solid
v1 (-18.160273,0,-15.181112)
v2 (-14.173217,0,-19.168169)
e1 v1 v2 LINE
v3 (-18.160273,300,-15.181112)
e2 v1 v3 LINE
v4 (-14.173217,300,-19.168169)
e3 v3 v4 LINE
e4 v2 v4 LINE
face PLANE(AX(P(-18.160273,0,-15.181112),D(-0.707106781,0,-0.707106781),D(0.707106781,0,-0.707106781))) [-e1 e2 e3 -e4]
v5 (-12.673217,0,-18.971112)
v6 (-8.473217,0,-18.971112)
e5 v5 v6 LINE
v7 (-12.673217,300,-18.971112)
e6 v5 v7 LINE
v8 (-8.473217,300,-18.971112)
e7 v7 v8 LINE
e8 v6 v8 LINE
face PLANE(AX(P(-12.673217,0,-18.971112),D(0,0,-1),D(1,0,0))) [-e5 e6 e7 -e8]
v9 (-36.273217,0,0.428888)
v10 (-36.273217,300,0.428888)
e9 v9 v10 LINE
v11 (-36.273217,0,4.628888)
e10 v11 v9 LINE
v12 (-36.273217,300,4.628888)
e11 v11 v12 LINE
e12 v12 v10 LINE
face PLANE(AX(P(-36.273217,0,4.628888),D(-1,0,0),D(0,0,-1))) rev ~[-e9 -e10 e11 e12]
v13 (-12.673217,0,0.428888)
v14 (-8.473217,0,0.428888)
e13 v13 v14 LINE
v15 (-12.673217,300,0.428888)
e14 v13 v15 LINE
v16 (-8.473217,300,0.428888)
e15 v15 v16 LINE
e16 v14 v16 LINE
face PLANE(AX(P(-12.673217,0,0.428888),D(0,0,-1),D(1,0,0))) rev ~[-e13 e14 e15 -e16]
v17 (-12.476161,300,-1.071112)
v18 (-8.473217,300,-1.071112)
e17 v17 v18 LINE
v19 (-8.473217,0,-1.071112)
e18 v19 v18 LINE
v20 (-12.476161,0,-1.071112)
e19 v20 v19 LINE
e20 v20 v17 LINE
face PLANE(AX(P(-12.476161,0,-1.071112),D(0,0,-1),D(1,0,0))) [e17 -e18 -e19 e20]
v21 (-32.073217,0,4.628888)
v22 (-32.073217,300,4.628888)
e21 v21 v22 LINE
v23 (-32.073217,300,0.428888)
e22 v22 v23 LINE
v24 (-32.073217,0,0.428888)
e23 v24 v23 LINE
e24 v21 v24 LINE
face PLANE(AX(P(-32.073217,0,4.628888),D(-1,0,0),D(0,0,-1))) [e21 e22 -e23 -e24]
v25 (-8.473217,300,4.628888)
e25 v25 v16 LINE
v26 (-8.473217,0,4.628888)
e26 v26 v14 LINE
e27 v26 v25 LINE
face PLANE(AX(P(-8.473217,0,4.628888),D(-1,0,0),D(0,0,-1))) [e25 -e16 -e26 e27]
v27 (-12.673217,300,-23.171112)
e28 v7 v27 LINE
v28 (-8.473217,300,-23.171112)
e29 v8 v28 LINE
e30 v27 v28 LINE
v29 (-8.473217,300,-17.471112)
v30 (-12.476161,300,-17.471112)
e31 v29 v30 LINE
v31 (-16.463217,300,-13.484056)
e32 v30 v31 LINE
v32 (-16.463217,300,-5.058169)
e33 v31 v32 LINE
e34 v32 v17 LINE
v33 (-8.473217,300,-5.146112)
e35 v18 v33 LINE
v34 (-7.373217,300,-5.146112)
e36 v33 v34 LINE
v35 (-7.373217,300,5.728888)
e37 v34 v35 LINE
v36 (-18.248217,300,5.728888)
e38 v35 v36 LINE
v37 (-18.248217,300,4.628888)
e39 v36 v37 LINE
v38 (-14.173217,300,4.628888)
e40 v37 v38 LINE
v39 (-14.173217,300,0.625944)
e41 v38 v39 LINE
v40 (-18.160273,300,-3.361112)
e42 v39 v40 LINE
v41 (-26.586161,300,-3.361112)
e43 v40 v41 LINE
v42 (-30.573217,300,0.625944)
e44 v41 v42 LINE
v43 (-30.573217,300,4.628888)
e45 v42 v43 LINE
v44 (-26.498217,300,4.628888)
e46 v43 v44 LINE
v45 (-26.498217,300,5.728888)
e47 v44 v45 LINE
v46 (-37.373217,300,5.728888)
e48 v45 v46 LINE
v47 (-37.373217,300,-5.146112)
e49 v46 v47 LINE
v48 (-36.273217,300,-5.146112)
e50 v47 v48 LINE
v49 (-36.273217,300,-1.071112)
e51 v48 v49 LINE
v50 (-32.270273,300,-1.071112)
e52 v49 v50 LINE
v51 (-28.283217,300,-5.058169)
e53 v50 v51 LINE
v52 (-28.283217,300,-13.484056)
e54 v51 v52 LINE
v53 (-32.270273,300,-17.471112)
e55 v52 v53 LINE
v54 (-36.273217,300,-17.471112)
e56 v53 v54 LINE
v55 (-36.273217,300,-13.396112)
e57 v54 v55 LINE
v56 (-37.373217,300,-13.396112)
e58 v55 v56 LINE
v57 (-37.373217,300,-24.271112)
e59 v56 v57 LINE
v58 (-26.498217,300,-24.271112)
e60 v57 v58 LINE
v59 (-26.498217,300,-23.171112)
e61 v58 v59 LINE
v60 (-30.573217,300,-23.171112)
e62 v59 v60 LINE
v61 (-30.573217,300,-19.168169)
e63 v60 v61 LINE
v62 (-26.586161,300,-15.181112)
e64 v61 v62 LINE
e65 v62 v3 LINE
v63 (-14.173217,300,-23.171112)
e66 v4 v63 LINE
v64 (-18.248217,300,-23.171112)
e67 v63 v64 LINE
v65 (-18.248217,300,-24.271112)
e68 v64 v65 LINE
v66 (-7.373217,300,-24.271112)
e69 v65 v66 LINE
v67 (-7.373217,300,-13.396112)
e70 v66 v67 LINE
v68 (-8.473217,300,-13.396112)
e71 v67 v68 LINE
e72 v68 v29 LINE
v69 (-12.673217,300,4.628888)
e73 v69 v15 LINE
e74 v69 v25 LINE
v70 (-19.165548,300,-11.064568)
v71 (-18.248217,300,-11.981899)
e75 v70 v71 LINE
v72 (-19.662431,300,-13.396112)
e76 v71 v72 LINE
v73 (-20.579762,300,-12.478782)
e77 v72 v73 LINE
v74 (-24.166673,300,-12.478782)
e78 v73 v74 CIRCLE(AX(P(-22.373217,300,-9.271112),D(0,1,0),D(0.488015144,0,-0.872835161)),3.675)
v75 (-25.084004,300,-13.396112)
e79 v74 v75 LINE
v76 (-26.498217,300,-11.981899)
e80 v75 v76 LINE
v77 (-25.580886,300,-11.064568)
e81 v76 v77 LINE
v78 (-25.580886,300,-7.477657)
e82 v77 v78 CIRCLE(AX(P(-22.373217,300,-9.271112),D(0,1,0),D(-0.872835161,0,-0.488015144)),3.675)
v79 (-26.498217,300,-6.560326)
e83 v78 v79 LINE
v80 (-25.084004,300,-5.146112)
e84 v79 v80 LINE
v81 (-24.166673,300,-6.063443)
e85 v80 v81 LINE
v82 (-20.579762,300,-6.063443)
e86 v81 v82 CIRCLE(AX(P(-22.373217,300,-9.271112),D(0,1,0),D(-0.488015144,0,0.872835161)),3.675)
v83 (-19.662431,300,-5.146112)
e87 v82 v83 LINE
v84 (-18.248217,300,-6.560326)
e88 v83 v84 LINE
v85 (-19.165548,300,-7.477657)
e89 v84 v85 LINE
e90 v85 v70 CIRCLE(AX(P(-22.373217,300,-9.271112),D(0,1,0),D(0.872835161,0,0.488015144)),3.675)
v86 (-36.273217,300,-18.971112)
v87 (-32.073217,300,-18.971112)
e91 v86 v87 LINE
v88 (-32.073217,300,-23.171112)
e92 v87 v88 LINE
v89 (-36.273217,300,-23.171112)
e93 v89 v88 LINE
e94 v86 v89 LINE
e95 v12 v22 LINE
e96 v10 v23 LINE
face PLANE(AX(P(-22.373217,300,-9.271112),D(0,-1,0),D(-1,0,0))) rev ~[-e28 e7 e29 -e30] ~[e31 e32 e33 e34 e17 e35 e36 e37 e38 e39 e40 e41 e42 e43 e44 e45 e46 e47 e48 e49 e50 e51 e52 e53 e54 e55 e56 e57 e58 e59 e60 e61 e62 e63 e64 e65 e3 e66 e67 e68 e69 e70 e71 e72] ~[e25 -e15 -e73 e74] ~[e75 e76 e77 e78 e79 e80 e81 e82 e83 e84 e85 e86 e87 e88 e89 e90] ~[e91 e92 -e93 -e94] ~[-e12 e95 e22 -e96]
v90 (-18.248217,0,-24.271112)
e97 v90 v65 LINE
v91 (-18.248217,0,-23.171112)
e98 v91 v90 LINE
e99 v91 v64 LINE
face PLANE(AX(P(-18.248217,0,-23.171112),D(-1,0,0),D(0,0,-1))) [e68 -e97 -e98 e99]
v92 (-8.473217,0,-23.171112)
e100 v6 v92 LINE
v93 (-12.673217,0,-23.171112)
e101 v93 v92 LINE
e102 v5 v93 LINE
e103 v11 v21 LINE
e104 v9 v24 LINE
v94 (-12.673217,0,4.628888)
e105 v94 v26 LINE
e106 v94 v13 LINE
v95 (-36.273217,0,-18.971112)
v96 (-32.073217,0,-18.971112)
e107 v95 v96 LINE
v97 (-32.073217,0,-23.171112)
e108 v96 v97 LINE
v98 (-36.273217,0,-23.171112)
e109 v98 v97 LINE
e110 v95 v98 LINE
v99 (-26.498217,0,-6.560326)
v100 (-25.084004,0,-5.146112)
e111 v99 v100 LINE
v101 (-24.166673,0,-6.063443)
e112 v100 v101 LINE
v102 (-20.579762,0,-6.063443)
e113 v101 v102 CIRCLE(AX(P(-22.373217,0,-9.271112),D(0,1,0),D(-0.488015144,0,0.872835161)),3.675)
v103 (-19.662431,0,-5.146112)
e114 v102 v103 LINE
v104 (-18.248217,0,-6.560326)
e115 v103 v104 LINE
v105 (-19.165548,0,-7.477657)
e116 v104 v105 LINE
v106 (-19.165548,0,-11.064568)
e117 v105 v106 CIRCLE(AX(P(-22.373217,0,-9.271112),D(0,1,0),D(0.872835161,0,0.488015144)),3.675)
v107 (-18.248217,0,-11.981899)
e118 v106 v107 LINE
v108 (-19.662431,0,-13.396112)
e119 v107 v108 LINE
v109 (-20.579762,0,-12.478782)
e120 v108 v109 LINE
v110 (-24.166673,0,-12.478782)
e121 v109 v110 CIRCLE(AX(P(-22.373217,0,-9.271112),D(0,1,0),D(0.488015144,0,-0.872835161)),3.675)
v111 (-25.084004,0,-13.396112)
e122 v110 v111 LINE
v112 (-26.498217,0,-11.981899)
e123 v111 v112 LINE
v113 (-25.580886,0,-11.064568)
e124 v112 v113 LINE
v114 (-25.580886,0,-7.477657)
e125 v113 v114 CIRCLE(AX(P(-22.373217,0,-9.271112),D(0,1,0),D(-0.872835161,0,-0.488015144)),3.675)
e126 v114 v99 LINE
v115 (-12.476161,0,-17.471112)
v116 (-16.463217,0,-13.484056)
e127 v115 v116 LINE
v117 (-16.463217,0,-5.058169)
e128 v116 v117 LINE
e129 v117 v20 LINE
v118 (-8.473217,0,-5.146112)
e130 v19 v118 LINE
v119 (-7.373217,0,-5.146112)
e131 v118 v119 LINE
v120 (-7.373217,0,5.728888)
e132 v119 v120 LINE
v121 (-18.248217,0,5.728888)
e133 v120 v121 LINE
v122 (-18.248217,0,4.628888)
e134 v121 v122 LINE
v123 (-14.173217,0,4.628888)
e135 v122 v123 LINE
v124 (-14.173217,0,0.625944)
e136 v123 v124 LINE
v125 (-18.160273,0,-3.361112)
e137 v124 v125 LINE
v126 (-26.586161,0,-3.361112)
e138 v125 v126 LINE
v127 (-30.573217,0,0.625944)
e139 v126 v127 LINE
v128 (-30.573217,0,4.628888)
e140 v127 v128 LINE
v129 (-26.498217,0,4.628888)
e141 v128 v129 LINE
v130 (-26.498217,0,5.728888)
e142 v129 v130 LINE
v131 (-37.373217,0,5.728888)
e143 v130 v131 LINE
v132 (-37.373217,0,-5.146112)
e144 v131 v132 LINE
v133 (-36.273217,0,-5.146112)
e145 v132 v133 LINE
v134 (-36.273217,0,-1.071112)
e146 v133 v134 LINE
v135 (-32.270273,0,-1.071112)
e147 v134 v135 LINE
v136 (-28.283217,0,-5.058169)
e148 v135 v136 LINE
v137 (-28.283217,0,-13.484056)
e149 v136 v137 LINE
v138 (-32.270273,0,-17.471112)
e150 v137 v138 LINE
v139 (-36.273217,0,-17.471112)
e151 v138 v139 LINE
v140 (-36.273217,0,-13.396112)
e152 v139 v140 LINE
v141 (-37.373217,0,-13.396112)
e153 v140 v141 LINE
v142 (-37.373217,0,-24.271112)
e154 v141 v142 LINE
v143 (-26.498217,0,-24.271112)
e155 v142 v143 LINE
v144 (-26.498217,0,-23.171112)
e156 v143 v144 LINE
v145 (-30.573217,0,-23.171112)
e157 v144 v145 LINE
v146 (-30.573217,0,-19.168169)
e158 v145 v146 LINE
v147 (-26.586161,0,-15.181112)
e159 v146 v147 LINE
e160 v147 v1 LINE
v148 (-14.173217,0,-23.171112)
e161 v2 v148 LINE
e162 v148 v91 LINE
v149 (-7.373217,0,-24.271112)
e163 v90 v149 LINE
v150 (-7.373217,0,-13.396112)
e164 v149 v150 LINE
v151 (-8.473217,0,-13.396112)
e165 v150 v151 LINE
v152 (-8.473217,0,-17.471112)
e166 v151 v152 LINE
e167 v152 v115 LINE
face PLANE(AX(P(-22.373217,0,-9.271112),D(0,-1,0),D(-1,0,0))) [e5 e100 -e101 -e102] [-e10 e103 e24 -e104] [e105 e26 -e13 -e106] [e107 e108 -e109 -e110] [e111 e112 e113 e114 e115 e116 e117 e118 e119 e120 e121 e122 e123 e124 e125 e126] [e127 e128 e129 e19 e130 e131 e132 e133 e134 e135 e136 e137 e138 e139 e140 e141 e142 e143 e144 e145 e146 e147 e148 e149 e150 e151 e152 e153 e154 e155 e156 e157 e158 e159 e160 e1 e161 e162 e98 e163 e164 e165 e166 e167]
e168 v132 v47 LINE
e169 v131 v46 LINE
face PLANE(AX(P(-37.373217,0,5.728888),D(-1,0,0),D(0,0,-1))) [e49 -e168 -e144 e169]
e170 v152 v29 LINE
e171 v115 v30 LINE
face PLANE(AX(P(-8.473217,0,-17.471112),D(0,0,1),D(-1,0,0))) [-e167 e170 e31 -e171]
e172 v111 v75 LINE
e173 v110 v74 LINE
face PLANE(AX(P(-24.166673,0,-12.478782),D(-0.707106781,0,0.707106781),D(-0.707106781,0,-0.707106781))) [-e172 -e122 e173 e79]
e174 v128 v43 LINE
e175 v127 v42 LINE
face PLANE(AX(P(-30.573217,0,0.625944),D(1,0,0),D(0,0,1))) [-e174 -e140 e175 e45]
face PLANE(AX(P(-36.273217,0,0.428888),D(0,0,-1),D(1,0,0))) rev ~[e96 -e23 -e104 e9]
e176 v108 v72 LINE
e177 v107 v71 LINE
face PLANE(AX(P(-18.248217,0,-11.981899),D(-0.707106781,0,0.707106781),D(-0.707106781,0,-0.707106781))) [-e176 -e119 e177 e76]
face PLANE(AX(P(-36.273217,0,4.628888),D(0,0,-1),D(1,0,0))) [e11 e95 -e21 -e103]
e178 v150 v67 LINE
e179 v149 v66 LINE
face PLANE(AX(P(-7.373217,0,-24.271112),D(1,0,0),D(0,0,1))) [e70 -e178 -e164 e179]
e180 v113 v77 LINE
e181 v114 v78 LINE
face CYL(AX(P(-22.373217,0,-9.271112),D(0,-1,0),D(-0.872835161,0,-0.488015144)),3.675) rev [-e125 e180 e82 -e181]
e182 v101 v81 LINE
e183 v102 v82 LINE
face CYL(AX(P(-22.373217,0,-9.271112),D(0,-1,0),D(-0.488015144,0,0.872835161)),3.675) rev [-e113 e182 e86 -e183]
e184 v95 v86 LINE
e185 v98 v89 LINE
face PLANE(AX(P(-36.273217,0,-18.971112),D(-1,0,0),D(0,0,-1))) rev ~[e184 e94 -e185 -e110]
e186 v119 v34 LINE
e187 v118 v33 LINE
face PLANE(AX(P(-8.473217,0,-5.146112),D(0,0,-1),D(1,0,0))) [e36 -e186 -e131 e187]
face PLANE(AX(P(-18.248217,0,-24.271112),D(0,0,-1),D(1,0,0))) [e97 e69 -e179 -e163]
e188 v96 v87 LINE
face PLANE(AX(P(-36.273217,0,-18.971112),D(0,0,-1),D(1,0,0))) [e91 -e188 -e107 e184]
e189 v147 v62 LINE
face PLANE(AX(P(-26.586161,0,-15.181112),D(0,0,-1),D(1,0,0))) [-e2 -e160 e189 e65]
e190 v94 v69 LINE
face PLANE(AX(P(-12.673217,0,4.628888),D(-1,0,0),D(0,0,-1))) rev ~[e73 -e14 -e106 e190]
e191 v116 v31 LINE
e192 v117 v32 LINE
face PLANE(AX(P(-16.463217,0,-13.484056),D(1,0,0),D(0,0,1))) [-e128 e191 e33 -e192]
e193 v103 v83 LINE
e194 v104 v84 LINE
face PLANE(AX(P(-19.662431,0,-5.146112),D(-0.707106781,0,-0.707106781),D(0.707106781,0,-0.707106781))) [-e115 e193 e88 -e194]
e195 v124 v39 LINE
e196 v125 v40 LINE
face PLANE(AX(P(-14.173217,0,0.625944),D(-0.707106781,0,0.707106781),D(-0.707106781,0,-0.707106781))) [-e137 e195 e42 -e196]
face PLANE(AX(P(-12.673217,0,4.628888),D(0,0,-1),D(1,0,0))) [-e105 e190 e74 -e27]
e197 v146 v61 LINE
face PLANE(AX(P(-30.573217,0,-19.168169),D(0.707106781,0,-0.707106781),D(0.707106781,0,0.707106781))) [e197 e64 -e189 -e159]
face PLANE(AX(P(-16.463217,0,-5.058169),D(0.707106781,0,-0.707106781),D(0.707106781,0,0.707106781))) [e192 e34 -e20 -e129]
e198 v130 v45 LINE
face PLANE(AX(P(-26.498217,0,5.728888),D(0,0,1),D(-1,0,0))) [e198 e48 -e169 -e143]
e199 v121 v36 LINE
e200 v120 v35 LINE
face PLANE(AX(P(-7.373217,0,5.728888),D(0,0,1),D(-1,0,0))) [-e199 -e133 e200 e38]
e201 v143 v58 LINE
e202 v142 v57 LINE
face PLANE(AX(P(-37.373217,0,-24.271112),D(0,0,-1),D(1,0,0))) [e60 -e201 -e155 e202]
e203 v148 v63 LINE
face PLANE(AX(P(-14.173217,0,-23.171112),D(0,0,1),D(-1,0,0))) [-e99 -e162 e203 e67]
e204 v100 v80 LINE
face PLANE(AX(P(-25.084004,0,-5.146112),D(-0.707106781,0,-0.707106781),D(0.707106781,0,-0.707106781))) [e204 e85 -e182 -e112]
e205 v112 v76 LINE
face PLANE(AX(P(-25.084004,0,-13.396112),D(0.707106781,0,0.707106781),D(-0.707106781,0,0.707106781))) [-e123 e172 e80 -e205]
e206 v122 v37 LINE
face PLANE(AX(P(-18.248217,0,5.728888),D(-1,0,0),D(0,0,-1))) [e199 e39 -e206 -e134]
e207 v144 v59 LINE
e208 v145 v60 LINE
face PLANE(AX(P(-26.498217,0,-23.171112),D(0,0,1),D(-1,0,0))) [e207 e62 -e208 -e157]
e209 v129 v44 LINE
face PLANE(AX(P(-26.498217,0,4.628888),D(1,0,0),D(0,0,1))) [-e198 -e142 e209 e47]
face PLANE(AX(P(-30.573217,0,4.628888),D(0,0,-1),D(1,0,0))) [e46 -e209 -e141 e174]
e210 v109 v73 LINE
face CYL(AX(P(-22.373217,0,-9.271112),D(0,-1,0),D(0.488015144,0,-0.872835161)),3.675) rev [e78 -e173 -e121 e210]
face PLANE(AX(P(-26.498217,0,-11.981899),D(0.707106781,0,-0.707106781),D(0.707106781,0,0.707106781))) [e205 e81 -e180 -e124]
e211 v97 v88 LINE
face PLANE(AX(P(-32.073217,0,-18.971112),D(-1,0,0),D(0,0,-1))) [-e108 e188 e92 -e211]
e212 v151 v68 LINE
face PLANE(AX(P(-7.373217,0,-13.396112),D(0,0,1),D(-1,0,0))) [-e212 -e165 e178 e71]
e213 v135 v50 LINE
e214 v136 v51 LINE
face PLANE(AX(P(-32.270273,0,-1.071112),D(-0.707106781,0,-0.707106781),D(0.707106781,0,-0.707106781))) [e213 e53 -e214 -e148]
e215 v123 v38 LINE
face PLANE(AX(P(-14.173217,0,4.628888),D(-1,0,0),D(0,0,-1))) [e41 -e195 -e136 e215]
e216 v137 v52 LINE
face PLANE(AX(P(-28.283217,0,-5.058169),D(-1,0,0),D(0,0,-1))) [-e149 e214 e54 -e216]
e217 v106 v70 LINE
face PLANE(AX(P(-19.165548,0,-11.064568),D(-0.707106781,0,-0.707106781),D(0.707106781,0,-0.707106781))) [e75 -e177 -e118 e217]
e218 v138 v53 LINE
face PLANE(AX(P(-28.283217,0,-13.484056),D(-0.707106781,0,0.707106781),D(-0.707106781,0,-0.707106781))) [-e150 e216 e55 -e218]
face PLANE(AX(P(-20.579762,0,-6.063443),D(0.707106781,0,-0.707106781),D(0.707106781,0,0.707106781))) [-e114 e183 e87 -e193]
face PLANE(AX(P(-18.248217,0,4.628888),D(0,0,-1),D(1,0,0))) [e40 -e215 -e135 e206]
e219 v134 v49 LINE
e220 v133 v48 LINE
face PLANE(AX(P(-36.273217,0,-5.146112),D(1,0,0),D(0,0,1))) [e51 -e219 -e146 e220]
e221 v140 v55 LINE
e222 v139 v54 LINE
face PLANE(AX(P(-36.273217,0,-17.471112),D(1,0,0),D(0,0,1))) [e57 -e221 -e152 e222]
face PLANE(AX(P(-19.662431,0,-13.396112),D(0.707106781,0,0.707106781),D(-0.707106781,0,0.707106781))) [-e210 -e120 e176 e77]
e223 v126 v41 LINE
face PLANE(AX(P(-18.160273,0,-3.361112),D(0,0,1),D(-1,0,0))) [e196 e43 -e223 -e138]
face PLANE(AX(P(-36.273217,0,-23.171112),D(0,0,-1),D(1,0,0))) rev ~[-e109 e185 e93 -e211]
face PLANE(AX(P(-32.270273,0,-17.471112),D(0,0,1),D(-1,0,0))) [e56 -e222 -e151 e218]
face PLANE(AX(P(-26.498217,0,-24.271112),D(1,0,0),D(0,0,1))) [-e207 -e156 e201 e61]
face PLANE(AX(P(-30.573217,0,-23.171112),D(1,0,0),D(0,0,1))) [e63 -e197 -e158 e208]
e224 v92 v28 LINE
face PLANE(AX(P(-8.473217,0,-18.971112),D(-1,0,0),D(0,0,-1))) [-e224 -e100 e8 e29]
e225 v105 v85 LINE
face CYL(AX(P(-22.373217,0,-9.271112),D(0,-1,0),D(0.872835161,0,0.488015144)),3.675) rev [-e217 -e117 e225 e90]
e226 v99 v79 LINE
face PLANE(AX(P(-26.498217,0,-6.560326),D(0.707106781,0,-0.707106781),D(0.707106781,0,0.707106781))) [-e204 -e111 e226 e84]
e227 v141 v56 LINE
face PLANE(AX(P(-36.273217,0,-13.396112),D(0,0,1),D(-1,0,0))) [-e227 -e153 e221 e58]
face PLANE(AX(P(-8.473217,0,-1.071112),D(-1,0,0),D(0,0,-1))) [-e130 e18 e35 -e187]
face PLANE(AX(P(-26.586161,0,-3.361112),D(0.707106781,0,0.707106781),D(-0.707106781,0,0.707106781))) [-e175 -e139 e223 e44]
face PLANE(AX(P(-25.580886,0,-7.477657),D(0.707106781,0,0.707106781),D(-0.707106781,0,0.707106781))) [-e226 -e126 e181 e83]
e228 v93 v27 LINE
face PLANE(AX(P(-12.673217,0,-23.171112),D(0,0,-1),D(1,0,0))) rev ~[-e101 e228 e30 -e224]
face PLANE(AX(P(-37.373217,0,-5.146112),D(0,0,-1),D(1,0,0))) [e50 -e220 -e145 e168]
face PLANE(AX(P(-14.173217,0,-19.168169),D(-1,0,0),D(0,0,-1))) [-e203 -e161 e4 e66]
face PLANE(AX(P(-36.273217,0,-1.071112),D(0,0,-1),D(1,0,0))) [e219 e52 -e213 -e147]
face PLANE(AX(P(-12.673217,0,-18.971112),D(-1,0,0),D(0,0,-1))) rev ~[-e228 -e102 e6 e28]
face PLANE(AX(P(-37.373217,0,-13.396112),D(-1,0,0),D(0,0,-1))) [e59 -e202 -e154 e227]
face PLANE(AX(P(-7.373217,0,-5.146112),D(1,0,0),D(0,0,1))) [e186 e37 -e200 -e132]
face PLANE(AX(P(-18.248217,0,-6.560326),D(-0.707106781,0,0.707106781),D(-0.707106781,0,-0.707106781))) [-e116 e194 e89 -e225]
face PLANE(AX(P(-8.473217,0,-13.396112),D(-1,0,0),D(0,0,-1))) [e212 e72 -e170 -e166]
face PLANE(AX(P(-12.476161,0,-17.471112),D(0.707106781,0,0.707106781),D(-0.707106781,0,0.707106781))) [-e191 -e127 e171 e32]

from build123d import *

# Parameters (mm, degrees)
CROQUIS2_W              = 4.2
CROQUIS2_H              = 4.2
SALIENTE_EXTRUIR1_DEPTH = 300


with BuildPart() as part:
    # Croquis2 → Saliente-Extruir1 (new body)
    with BuildSketch(Plane(origin=(0, 0, 0), x_dir=(1, 0, 0), z_dir=(0, 1, 0))):
        Polygon((-37.373217156, 24.271112291), (-26.498217156, 24.271112291), (-26.498217156, 23.171112291), (-30.573217156, 23.171112291), (-30.573217156, 19.168168566), (-26.586160881, 15.181112291), (-18.160273431, 15.181112291), (-14.173217156, 19.168168566), (-14.173217156, 23.171112291), (-18.248217156, 23.171112291), (-18.248217156, 24.271112291), (-7.373217156, 24.271112291), (-7.373217156, 13.396112291), (-8.473217156, 13.396112291), (-8.473217156, 17.471112291), (-12.476160881, 17.471112291), (-16.463217156, 13.484056016), (-16.463217156, 5.058168566), (-12.476160881, 1.071112291), (-8.473217156, 1.071112291), (-8.473217156, 5.146112291), (-7.373217156, 5.146112291), (-7.373217156, -5.728887709), (-18.248217156, -5.728887709), (-18.248217156, -4.628887709), (-14.173217156, -4.628887709), (-14.173217156, -0.625943984), (-18.160273431, 3.361112291), (-26.586160881, 3.361112291), (-30.573217156, -0.625943984), (-30.573217156, -4.628887709), (-26.498217156, -4.628887709), (-26.498217156, -5.728887709), (-37.373217156, -5.728887709), (-37.373217156, 5.146112291), (-36.273217156, 5.146112291), (-36.273217156, 1.071112291), (-32.270273431, 1.071112291), (-28.283217156, 5.058168566), (-28.283217156, 13.484056016), (-32.270273431, 17.471112291), (-36.273217156, 17.471112291), (-36.273217156, 13.396112291), (-37.373217156, 13.396112291), align=None)
        with Locations((-10.573217156, 21.071112291)):
            Rectangle(CROQUIS2_W, CROQUIS2_H, mode=Mode.SUBTRACT)
        with Locations((-34.173217156, -2.528887709)):
            Rectangle(CROQUIS2_W, CROQUIS2_H, mode=Mode.SUBTRACT)
        with Locations((-34.173217156, 21.071112291)):
            Rectangle(CROQUIS2_W, CROQUIS2_H, mode=Mode.SUBTRACT)
        with Locations((-10.573217156, -2.528887709)):
            Rectangle(CROQUIS2_W, CROQUIS2_H, mode=Mode.SUBTRACT)
        with BuildLine():
            Line((-19.165547938, 11.064567946), (-18.248217156, 11.981898728))
            Line((-18.248217156, 11.981898728), (-19.662430718, 13.396112291))
            Line((-19.662430718, 13.396112291), (-20.5797615, 12.478781509))
            ThreePointArc((-20.5797615, 12.478781509), (-22.373217156, 12.946112291), (-24.166672811, 12.478781509))
            Line((-24.166672811, 12.478781509), (-25.084003593, 13.396112291))
            Line((-25.084003593, 13.396112291), (-26.498217156, 11.981898728))
            Line((-26.498217156, 11.981898728), (-25.580886374, 11.064567946))
            ThreePointArc((-25.580886374, 11.064567946), (-26.048217156, 9.271112291), (-25.580886374, 7.477656635))
            Line((-25.580886374, 7.477656635), (-26.498217156, 6.560325853))
            Line((-26.498217156, 6.560325853), (-25.084003593, 5.146112291))
            Line((-25.084003593, 5.146112291), (-24.166672811, 6.063443073))
            ThreePointArc((-24.166672811, 6.063443073), (-22.373217156, 5.596112291), (-20.5797615, 6.063443073))
            Line((-20.5797615, 6.063443073), (-19.662430718, 5.146112291))
            Line((-19.662430718, 5.146112291), (-18.248217156, 6.560325853))
            Line((-18.248217156, 6.560325853), (-19.165547938, 7.477656635))
            ThreePointArc((-19.165547938, 7.477656635), (-18.698217156, 9.271112291), (-19.165547938, 11.064567946))
        make_face(mode=Mode.SUBTRACT)
    extrude(amount=SALIENTE_EXTRUIR1_DEPTH)


solid = part.part
